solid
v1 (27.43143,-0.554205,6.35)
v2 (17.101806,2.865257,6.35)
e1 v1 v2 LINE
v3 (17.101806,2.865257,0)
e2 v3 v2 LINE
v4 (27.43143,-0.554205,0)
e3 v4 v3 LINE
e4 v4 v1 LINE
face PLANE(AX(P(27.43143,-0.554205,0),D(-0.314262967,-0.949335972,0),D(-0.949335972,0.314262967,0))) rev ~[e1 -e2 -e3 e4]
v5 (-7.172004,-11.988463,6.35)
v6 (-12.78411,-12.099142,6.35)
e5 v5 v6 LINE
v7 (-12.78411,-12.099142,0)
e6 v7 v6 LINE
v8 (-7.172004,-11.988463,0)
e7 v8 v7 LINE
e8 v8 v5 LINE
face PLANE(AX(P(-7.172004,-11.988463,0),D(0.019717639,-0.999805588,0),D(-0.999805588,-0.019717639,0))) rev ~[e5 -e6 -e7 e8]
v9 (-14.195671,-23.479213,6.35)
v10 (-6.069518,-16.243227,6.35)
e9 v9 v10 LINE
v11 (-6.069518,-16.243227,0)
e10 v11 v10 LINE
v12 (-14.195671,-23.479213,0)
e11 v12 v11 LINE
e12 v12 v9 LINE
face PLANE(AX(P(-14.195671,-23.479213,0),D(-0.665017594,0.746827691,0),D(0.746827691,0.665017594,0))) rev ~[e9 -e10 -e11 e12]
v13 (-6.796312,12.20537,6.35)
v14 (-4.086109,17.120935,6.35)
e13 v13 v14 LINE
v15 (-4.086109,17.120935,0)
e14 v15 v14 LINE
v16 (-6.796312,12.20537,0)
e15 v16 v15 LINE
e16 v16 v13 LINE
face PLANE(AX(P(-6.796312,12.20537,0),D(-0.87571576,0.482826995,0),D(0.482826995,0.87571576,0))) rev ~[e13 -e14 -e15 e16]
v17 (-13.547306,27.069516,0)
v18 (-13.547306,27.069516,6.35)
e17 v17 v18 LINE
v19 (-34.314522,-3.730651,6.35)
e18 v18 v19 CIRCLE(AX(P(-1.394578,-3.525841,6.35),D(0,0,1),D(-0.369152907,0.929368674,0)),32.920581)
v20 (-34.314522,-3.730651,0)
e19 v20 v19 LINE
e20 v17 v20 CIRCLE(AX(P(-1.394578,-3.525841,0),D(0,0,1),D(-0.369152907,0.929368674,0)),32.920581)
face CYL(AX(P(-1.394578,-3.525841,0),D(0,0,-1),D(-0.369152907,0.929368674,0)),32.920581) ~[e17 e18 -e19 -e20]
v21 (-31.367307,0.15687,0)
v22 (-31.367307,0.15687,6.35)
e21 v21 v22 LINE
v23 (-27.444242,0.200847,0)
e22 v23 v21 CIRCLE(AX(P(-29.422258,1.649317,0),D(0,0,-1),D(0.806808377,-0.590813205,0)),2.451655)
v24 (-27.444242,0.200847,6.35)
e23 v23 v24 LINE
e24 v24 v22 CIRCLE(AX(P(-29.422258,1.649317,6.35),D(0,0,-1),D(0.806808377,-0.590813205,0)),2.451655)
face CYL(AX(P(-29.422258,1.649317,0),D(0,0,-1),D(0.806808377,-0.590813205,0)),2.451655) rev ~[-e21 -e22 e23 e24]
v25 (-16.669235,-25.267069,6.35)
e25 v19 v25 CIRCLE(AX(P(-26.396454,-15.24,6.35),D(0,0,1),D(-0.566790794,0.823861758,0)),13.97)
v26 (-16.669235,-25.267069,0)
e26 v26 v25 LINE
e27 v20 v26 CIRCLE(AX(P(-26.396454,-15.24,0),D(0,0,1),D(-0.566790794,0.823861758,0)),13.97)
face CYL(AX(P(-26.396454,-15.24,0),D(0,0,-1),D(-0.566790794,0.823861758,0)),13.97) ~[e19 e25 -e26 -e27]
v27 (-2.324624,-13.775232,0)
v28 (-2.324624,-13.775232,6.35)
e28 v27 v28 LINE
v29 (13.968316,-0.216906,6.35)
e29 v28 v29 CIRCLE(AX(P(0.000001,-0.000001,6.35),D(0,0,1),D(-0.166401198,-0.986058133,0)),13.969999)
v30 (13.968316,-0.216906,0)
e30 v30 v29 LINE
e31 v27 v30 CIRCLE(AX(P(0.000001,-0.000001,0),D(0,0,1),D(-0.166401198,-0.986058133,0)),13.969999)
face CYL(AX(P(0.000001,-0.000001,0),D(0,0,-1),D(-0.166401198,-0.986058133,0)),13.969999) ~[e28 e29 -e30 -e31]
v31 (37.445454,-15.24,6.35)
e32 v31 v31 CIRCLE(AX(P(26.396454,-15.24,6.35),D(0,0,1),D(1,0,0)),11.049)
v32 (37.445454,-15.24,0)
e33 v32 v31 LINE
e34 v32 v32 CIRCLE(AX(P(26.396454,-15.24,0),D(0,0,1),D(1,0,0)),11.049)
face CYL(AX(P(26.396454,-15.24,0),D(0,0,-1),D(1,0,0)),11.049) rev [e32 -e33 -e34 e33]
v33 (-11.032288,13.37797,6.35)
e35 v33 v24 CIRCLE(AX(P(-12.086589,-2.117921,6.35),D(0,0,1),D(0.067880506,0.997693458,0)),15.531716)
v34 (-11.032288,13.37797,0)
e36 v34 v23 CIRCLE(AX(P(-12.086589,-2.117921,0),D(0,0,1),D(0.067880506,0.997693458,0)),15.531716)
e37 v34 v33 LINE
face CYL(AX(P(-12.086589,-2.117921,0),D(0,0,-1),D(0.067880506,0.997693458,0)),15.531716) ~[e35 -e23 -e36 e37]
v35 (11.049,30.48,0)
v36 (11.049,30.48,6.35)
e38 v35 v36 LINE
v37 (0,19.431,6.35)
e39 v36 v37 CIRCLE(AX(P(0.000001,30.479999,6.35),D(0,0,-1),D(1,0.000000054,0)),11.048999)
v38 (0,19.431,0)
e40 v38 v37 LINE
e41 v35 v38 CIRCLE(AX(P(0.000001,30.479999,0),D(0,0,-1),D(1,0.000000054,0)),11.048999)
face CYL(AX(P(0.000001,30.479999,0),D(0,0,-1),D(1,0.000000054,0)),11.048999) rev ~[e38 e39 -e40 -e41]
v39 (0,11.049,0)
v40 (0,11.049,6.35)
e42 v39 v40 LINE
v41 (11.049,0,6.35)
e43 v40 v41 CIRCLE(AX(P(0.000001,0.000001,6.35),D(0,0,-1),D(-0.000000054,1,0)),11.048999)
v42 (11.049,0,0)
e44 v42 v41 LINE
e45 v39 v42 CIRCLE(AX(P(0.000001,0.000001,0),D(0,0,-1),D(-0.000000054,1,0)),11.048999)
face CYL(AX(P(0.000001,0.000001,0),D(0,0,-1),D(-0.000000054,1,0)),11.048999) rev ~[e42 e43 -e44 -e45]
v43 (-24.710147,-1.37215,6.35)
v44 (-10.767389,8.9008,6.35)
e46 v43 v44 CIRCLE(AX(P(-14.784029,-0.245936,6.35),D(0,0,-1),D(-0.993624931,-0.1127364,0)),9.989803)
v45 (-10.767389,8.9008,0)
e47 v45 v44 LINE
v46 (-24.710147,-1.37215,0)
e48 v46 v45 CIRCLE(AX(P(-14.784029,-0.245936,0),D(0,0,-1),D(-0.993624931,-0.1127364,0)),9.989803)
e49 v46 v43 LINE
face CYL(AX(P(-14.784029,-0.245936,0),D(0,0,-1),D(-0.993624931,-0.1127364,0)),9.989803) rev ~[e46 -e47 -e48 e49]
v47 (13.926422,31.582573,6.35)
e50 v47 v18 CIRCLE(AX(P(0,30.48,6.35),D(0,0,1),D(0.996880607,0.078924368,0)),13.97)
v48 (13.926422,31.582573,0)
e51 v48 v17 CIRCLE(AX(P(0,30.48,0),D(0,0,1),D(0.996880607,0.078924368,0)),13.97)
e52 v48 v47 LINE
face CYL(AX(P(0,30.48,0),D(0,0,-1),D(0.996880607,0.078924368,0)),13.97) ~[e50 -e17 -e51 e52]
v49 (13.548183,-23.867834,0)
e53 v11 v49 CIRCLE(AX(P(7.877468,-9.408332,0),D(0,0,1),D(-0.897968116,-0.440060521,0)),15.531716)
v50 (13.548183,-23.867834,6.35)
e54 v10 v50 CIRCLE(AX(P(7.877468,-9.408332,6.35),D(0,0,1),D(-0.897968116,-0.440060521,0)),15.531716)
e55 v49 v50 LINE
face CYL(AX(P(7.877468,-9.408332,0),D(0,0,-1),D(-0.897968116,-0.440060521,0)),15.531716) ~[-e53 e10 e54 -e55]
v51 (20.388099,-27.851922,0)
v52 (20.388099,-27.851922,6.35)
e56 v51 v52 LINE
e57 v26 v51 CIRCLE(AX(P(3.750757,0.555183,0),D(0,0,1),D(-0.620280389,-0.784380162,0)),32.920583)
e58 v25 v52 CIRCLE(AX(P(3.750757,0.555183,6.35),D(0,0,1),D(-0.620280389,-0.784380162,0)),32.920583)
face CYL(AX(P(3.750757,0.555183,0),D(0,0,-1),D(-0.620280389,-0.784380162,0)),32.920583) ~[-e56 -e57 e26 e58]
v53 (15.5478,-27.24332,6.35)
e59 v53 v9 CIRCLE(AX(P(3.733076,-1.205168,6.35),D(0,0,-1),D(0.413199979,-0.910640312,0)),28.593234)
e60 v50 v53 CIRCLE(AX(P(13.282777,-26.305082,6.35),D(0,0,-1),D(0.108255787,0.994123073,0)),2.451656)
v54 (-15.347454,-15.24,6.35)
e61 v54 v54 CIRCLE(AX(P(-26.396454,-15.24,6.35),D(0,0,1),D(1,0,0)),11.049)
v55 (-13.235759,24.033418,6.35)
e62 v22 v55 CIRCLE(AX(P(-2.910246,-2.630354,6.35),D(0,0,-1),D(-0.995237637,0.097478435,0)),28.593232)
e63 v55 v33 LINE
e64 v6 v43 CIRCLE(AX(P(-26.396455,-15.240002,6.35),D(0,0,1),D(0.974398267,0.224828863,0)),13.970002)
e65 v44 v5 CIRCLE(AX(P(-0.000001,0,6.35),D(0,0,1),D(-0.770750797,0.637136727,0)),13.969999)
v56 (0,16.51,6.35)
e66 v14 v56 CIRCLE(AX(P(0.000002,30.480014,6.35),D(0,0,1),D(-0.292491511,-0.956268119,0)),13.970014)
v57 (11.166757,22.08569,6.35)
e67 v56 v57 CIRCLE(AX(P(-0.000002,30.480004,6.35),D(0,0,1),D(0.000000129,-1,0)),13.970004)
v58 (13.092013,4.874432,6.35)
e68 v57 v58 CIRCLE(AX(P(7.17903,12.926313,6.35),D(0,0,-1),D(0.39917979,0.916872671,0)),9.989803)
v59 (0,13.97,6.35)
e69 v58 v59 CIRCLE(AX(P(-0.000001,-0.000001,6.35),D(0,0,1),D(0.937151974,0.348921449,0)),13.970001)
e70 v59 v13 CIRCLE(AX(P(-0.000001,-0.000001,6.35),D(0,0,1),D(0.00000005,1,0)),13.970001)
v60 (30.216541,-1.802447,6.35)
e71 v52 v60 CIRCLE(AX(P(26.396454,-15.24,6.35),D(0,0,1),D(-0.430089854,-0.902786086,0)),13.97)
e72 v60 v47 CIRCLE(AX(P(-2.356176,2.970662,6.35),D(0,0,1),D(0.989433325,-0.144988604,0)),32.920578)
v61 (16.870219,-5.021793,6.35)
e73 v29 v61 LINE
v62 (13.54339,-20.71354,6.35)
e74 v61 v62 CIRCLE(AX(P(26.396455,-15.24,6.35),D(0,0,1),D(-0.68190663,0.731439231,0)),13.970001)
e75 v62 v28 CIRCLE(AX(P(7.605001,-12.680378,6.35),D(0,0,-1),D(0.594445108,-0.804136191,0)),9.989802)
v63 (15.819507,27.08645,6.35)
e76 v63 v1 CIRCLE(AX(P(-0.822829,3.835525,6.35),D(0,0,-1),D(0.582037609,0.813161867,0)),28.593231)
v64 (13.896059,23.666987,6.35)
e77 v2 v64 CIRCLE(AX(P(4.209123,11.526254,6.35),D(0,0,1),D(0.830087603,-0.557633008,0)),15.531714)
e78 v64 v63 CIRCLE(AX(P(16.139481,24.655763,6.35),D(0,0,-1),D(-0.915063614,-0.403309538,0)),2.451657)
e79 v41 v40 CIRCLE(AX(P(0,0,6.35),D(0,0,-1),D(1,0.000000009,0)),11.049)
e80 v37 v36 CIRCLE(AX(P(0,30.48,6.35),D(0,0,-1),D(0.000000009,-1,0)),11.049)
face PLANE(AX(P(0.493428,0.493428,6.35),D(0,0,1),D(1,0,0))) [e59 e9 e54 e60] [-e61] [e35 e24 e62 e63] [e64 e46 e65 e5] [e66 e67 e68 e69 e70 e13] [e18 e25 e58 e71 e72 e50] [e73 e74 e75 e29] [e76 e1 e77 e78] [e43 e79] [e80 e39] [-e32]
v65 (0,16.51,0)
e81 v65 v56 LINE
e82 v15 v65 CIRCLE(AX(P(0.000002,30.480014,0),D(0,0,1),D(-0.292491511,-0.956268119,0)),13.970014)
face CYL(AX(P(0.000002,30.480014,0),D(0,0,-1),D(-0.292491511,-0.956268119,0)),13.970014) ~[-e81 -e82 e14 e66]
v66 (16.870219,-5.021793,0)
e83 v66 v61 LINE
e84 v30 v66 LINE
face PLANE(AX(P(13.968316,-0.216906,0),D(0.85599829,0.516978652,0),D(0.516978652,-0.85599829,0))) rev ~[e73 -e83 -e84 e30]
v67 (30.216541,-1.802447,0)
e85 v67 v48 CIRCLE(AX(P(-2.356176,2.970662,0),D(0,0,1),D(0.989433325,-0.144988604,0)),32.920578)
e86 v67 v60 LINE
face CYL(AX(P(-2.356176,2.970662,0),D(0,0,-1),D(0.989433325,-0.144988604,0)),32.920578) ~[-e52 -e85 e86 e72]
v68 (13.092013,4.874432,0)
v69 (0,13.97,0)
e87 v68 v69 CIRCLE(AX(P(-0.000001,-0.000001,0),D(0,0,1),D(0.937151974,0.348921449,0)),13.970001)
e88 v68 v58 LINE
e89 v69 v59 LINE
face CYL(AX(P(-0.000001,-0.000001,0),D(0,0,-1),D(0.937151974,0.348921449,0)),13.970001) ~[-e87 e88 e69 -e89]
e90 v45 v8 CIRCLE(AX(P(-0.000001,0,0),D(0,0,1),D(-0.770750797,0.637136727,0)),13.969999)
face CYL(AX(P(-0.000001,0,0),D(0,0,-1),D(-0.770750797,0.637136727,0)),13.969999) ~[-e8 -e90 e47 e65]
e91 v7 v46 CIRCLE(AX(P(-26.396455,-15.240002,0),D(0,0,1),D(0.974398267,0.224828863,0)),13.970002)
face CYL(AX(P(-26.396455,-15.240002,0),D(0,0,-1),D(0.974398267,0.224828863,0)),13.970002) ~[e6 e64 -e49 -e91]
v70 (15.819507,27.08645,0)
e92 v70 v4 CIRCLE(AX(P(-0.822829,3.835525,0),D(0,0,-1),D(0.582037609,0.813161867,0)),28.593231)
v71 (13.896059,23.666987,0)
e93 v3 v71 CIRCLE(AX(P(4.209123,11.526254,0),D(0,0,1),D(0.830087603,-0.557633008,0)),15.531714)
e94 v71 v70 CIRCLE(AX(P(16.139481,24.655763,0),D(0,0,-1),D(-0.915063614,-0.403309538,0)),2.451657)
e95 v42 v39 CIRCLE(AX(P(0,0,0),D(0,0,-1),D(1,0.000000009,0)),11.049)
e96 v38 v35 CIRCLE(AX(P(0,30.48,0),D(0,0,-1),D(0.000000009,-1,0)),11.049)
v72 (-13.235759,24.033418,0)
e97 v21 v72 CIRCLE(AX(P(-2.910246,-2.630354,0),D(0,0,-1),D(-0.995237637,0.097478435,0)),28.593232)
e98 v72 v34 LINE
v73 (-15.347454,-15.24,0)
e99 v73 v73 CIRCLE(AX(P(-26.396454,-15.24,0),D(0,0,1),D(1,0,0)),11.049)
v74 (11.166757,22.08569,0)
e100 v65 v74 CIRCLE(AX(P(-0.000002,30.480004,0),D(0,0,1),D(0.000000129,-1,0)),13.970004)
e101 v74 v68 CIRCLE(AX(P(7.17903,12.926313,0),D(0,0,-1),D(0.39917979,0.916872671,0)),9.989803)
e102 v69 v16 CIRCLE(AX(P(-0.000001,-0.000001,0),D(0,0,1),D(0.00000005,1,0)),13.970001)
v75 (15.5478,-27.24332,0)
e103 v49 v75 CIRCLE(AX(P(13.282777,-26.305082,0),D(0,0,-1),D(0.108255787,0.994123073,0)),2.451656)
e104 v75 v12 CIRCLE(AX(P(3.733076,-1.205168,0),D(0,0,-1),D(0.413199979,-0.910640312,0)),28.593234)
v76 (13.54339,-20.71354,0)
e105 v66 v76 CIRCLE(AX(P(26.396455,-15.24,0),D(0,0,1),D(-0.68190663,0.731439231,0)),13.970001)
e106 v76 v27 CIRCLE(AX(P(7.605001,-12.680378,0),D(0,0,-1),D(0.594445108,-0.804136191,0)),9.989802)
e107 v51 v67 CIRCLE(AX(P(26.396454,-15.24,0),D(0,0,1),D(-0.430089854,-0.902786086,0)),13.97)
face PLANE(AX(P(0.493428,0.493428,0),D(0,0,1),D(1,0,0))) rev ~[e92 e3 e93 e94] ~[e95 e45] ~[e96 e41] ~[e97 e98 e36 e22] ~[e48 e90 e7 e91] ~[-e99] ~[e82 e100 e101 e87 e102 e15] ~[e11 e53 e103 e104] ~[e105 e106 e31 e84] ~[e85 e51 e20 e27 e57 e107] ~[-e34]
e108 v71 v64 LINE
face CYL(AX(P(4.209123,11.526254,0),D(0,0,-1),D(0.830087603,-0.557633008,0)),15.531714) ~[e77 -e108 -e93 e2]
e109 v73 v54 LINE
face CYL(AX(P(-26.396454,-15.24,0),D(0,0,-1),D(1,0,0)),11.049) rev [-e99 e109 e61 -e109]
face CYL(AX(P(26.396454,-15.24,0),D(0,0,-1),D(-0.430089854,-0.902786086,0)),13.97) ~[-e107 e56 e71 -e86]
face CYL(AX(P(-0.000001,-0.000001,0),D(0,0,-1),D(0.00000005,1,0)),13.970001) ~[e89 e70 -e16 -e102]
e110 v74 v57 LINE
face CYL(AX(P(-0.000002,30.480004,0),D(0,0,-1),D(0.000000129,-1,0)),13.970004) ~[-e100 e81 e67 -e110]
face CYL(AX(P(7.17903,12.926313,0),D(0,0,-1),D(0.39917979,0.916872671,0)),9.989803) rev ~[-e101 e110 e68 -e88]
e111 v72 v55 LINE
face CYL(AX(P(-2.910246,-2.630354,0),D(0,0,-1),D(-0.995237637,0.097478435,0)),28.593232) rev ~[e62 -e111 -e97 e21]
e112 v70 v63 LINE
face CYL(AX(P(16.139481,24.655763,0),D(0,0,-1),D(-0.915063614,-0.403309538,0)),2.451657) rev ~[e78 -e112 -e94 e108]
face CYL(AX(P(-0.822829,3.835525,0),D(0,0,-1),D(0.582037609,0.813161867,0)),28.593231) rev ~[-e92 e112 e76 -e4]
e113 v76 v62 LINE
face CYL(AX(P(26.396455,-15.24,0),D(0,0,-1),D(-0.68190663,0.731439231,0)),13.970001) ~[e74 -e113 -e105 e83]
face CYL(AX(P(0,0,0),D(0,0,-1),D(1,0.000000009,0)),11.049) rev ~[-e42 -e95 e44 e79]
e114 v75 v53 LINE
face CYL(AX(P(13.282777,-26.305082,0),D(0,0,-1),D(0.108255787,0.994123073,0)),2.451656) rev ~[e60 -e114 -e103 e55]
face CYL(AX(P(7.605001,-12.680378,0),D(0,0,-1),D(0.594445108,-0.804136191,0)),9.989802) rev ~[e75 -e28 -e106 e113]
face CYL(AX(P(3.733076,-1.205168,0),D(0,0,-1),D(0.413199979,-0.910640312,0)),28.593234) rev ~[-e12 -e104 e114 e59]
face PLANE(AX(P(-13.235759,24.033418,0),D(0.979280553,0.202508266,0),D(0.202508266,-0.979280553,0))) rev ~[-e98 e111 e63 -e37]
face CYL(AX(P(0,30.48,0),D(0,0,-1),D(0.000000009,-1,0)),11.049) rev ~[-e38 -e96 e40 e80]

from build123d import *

# Parameters (mm, degrees)
F0_R     = 11.049
F1_DEPTH = 6.35


with BuildPart() as f1:
    # F0 (on Top) → F1 (new body)
    with BuildSketch(Plane.XY):
        with BuildLine():
            ThreePointArc((0, 11.049), (-7.812823, -7.812823), (11.049, 0))
            ThreePointArc((11.049, 0), (7.812823, 7.812823), (0, 11.049))
        make_face()
        with BuildLine():
            ThreePointArc((11.049, 30.48), (-7.812823, 38.292823), (0, 19.431))
            ThreePointArc((0, 19.431), (7.812823, 22.667177), (11.049, 30.48))
        make_face()
        with BuildLine():
            ThreePointArc((20.388099, -27.851922), (39.467067, -20.17153), (30.216541, -1.802447))
            ThreePointArc((30.216541, -1.802447), (27.230144, 17.407217), (13.926422, 31.582573))
            ThreePointArc((13.926422, 31.582573), (-2.264476, 44.265247), (-13.547306, 27.069516))
            ThreePointArc((-13.547306, 27.069516), (-28.690164, 14.878388), (-34.314522, -3.730651))
            ThreePointArc((-34.314522, -3.730651), (-37.202591, -24.093718), (-16.669235, -25.267069))
            ThreePointArc((-16.669235, -25.267069), (1.46002, -32.285604), (20.388099, -27.851922))
        make_face()
        with Locations((-26.396454, -15.24)):
            Circle(F0_R, mode=Mode.SUBTRACT)
        with BuildLine():
            ThreePointArc((-24.710147, -1.37215), (-20.709724, 7.796596), (-10.767389, 8.9008))
            ThreePointArc((-10.767389, 8.9008), (-13.767563, -2.369623), (-7.172004, -11.988463))
            Line((-7.172004, -11.988463), (-12.78411, -12.099142))
            ThreePointArc((-12.78411, -12.099142), (-17.054117, -4.853392), (-24.710147, -1.37215))
        make_face(mode=Mode.SUBTRACT)
        with BuildLine():
            ThreePointArc((13.548183, -23.867834), (15.3921, -25.055532), (15.5478, -27.24332))
            ThreePointArc((15.5478, -27.24332), (0.143167, -29.572149), (-14.195671, -23.479213))
            Line((-14.195671, -23.479213), (-6.069518, -16.243227))
            ThreePointArc((-6.069518, -16.243227), (2.250939, -23.885085), (13.548183, -23.867834))
        make_face(mode=Mode.SUBTRACT)
        with Locations((26.396454, -15.24)):
            Circle(F0_R, mode=Mode.SUBTRACT)
        with BuildLine():
            Line((13.968316, -0.216906), (16.870219, -5.021793))
            ThreePointArc((16.870219, -5.021793), (12.730219, -12.342602), (13.54339, -20.71354))
            ThreePointArc((13.54339, -20.71354), (3.602811, -21.833445), (-2.324624, -13.775232))
            ThreePointArc((-2.324624, -13.775232), (8.935935, -10.738248), (13.968316, -0.216906))
        make_face(mode=Mode.SUBTRACT)
        with BuildLine():
            ThreePointArc((0, 11.049), (7.812823, 7.812823), (11.049, 0))
            ThreePointArc((11.049, 0), (-7.812823, -7.812823), (0, 11.049))
        make_face(mode=Mode.SUBTRACT)
        with BuildLine():
            ThreePointArc((-27.444242, 0.200847), (-29.394777, -0.802184), (-31.367307, 0.15687))
            ThreePointArc((-31.367307, 0.15687), (-25.681816, 14.662088), (-13.235759, 24.033418))
            Line((-13.235759, 24.033418), (-11.032288, 13.37797))
            ThreePointArc((-11.032288, 13.37797), (-21.81056, 9.993172), (-27.444242, 0.200847))
        make_face(mode=Mode.SUBTRACT)
        with BuildLine():
            ThreePointArc((13.092013, 4.874432), (7.97073, 11.47294), (0, 13.97))
            ThreePointArc((0, 13.97), (-3.510832, 13.521648), (-6.796312, 12.20537))
            Line((-6.796312, 12.20537), (-4.086109, 17.120935))
            ThreePointArc((-4.086109, 17.120935), (-2.065764, 16.663578), (0, 16.51))
            ThreePointArc((0, 16.51), (6.240688, 17.981412), (11.166757, 22.08569))
            ThreePointArc((11.166757, 22.08569), (17.106913, 14.036849), (13.092013, 4.874432))
        make_face(mode=Mode.SUBTRACT)
        with BuildLine():
            ThreePointArc((13.896059, 23.666987), (14.002677, 25.857716), (15.819507, 27.08645))
            ThreePointArc((15.819507, 27.08645), (25.538649, 14.910061), (27.43143, -0.554205))
            Line((27.43143, -0.554205), (17.101806, 2.865257))
            ThreePointArc((17.101806, 2.865257), (19.559621, 13.891913), (13.896059, 23.666987))
        make_face(mode=Mode.SUBTRACT)
        with BuildLine():
            ThreePointArc((11.049, 30.48), (7.812823, 22.667177), (0, 19.431))
            ThreePointArc((0, 19.431), (-7.812823, 38.292823), (11.049, 30.48))
        make_face(mode=Mode.SUBTRACT)
    extrude(amount=F1_DEPTH)


solid = f1.part
